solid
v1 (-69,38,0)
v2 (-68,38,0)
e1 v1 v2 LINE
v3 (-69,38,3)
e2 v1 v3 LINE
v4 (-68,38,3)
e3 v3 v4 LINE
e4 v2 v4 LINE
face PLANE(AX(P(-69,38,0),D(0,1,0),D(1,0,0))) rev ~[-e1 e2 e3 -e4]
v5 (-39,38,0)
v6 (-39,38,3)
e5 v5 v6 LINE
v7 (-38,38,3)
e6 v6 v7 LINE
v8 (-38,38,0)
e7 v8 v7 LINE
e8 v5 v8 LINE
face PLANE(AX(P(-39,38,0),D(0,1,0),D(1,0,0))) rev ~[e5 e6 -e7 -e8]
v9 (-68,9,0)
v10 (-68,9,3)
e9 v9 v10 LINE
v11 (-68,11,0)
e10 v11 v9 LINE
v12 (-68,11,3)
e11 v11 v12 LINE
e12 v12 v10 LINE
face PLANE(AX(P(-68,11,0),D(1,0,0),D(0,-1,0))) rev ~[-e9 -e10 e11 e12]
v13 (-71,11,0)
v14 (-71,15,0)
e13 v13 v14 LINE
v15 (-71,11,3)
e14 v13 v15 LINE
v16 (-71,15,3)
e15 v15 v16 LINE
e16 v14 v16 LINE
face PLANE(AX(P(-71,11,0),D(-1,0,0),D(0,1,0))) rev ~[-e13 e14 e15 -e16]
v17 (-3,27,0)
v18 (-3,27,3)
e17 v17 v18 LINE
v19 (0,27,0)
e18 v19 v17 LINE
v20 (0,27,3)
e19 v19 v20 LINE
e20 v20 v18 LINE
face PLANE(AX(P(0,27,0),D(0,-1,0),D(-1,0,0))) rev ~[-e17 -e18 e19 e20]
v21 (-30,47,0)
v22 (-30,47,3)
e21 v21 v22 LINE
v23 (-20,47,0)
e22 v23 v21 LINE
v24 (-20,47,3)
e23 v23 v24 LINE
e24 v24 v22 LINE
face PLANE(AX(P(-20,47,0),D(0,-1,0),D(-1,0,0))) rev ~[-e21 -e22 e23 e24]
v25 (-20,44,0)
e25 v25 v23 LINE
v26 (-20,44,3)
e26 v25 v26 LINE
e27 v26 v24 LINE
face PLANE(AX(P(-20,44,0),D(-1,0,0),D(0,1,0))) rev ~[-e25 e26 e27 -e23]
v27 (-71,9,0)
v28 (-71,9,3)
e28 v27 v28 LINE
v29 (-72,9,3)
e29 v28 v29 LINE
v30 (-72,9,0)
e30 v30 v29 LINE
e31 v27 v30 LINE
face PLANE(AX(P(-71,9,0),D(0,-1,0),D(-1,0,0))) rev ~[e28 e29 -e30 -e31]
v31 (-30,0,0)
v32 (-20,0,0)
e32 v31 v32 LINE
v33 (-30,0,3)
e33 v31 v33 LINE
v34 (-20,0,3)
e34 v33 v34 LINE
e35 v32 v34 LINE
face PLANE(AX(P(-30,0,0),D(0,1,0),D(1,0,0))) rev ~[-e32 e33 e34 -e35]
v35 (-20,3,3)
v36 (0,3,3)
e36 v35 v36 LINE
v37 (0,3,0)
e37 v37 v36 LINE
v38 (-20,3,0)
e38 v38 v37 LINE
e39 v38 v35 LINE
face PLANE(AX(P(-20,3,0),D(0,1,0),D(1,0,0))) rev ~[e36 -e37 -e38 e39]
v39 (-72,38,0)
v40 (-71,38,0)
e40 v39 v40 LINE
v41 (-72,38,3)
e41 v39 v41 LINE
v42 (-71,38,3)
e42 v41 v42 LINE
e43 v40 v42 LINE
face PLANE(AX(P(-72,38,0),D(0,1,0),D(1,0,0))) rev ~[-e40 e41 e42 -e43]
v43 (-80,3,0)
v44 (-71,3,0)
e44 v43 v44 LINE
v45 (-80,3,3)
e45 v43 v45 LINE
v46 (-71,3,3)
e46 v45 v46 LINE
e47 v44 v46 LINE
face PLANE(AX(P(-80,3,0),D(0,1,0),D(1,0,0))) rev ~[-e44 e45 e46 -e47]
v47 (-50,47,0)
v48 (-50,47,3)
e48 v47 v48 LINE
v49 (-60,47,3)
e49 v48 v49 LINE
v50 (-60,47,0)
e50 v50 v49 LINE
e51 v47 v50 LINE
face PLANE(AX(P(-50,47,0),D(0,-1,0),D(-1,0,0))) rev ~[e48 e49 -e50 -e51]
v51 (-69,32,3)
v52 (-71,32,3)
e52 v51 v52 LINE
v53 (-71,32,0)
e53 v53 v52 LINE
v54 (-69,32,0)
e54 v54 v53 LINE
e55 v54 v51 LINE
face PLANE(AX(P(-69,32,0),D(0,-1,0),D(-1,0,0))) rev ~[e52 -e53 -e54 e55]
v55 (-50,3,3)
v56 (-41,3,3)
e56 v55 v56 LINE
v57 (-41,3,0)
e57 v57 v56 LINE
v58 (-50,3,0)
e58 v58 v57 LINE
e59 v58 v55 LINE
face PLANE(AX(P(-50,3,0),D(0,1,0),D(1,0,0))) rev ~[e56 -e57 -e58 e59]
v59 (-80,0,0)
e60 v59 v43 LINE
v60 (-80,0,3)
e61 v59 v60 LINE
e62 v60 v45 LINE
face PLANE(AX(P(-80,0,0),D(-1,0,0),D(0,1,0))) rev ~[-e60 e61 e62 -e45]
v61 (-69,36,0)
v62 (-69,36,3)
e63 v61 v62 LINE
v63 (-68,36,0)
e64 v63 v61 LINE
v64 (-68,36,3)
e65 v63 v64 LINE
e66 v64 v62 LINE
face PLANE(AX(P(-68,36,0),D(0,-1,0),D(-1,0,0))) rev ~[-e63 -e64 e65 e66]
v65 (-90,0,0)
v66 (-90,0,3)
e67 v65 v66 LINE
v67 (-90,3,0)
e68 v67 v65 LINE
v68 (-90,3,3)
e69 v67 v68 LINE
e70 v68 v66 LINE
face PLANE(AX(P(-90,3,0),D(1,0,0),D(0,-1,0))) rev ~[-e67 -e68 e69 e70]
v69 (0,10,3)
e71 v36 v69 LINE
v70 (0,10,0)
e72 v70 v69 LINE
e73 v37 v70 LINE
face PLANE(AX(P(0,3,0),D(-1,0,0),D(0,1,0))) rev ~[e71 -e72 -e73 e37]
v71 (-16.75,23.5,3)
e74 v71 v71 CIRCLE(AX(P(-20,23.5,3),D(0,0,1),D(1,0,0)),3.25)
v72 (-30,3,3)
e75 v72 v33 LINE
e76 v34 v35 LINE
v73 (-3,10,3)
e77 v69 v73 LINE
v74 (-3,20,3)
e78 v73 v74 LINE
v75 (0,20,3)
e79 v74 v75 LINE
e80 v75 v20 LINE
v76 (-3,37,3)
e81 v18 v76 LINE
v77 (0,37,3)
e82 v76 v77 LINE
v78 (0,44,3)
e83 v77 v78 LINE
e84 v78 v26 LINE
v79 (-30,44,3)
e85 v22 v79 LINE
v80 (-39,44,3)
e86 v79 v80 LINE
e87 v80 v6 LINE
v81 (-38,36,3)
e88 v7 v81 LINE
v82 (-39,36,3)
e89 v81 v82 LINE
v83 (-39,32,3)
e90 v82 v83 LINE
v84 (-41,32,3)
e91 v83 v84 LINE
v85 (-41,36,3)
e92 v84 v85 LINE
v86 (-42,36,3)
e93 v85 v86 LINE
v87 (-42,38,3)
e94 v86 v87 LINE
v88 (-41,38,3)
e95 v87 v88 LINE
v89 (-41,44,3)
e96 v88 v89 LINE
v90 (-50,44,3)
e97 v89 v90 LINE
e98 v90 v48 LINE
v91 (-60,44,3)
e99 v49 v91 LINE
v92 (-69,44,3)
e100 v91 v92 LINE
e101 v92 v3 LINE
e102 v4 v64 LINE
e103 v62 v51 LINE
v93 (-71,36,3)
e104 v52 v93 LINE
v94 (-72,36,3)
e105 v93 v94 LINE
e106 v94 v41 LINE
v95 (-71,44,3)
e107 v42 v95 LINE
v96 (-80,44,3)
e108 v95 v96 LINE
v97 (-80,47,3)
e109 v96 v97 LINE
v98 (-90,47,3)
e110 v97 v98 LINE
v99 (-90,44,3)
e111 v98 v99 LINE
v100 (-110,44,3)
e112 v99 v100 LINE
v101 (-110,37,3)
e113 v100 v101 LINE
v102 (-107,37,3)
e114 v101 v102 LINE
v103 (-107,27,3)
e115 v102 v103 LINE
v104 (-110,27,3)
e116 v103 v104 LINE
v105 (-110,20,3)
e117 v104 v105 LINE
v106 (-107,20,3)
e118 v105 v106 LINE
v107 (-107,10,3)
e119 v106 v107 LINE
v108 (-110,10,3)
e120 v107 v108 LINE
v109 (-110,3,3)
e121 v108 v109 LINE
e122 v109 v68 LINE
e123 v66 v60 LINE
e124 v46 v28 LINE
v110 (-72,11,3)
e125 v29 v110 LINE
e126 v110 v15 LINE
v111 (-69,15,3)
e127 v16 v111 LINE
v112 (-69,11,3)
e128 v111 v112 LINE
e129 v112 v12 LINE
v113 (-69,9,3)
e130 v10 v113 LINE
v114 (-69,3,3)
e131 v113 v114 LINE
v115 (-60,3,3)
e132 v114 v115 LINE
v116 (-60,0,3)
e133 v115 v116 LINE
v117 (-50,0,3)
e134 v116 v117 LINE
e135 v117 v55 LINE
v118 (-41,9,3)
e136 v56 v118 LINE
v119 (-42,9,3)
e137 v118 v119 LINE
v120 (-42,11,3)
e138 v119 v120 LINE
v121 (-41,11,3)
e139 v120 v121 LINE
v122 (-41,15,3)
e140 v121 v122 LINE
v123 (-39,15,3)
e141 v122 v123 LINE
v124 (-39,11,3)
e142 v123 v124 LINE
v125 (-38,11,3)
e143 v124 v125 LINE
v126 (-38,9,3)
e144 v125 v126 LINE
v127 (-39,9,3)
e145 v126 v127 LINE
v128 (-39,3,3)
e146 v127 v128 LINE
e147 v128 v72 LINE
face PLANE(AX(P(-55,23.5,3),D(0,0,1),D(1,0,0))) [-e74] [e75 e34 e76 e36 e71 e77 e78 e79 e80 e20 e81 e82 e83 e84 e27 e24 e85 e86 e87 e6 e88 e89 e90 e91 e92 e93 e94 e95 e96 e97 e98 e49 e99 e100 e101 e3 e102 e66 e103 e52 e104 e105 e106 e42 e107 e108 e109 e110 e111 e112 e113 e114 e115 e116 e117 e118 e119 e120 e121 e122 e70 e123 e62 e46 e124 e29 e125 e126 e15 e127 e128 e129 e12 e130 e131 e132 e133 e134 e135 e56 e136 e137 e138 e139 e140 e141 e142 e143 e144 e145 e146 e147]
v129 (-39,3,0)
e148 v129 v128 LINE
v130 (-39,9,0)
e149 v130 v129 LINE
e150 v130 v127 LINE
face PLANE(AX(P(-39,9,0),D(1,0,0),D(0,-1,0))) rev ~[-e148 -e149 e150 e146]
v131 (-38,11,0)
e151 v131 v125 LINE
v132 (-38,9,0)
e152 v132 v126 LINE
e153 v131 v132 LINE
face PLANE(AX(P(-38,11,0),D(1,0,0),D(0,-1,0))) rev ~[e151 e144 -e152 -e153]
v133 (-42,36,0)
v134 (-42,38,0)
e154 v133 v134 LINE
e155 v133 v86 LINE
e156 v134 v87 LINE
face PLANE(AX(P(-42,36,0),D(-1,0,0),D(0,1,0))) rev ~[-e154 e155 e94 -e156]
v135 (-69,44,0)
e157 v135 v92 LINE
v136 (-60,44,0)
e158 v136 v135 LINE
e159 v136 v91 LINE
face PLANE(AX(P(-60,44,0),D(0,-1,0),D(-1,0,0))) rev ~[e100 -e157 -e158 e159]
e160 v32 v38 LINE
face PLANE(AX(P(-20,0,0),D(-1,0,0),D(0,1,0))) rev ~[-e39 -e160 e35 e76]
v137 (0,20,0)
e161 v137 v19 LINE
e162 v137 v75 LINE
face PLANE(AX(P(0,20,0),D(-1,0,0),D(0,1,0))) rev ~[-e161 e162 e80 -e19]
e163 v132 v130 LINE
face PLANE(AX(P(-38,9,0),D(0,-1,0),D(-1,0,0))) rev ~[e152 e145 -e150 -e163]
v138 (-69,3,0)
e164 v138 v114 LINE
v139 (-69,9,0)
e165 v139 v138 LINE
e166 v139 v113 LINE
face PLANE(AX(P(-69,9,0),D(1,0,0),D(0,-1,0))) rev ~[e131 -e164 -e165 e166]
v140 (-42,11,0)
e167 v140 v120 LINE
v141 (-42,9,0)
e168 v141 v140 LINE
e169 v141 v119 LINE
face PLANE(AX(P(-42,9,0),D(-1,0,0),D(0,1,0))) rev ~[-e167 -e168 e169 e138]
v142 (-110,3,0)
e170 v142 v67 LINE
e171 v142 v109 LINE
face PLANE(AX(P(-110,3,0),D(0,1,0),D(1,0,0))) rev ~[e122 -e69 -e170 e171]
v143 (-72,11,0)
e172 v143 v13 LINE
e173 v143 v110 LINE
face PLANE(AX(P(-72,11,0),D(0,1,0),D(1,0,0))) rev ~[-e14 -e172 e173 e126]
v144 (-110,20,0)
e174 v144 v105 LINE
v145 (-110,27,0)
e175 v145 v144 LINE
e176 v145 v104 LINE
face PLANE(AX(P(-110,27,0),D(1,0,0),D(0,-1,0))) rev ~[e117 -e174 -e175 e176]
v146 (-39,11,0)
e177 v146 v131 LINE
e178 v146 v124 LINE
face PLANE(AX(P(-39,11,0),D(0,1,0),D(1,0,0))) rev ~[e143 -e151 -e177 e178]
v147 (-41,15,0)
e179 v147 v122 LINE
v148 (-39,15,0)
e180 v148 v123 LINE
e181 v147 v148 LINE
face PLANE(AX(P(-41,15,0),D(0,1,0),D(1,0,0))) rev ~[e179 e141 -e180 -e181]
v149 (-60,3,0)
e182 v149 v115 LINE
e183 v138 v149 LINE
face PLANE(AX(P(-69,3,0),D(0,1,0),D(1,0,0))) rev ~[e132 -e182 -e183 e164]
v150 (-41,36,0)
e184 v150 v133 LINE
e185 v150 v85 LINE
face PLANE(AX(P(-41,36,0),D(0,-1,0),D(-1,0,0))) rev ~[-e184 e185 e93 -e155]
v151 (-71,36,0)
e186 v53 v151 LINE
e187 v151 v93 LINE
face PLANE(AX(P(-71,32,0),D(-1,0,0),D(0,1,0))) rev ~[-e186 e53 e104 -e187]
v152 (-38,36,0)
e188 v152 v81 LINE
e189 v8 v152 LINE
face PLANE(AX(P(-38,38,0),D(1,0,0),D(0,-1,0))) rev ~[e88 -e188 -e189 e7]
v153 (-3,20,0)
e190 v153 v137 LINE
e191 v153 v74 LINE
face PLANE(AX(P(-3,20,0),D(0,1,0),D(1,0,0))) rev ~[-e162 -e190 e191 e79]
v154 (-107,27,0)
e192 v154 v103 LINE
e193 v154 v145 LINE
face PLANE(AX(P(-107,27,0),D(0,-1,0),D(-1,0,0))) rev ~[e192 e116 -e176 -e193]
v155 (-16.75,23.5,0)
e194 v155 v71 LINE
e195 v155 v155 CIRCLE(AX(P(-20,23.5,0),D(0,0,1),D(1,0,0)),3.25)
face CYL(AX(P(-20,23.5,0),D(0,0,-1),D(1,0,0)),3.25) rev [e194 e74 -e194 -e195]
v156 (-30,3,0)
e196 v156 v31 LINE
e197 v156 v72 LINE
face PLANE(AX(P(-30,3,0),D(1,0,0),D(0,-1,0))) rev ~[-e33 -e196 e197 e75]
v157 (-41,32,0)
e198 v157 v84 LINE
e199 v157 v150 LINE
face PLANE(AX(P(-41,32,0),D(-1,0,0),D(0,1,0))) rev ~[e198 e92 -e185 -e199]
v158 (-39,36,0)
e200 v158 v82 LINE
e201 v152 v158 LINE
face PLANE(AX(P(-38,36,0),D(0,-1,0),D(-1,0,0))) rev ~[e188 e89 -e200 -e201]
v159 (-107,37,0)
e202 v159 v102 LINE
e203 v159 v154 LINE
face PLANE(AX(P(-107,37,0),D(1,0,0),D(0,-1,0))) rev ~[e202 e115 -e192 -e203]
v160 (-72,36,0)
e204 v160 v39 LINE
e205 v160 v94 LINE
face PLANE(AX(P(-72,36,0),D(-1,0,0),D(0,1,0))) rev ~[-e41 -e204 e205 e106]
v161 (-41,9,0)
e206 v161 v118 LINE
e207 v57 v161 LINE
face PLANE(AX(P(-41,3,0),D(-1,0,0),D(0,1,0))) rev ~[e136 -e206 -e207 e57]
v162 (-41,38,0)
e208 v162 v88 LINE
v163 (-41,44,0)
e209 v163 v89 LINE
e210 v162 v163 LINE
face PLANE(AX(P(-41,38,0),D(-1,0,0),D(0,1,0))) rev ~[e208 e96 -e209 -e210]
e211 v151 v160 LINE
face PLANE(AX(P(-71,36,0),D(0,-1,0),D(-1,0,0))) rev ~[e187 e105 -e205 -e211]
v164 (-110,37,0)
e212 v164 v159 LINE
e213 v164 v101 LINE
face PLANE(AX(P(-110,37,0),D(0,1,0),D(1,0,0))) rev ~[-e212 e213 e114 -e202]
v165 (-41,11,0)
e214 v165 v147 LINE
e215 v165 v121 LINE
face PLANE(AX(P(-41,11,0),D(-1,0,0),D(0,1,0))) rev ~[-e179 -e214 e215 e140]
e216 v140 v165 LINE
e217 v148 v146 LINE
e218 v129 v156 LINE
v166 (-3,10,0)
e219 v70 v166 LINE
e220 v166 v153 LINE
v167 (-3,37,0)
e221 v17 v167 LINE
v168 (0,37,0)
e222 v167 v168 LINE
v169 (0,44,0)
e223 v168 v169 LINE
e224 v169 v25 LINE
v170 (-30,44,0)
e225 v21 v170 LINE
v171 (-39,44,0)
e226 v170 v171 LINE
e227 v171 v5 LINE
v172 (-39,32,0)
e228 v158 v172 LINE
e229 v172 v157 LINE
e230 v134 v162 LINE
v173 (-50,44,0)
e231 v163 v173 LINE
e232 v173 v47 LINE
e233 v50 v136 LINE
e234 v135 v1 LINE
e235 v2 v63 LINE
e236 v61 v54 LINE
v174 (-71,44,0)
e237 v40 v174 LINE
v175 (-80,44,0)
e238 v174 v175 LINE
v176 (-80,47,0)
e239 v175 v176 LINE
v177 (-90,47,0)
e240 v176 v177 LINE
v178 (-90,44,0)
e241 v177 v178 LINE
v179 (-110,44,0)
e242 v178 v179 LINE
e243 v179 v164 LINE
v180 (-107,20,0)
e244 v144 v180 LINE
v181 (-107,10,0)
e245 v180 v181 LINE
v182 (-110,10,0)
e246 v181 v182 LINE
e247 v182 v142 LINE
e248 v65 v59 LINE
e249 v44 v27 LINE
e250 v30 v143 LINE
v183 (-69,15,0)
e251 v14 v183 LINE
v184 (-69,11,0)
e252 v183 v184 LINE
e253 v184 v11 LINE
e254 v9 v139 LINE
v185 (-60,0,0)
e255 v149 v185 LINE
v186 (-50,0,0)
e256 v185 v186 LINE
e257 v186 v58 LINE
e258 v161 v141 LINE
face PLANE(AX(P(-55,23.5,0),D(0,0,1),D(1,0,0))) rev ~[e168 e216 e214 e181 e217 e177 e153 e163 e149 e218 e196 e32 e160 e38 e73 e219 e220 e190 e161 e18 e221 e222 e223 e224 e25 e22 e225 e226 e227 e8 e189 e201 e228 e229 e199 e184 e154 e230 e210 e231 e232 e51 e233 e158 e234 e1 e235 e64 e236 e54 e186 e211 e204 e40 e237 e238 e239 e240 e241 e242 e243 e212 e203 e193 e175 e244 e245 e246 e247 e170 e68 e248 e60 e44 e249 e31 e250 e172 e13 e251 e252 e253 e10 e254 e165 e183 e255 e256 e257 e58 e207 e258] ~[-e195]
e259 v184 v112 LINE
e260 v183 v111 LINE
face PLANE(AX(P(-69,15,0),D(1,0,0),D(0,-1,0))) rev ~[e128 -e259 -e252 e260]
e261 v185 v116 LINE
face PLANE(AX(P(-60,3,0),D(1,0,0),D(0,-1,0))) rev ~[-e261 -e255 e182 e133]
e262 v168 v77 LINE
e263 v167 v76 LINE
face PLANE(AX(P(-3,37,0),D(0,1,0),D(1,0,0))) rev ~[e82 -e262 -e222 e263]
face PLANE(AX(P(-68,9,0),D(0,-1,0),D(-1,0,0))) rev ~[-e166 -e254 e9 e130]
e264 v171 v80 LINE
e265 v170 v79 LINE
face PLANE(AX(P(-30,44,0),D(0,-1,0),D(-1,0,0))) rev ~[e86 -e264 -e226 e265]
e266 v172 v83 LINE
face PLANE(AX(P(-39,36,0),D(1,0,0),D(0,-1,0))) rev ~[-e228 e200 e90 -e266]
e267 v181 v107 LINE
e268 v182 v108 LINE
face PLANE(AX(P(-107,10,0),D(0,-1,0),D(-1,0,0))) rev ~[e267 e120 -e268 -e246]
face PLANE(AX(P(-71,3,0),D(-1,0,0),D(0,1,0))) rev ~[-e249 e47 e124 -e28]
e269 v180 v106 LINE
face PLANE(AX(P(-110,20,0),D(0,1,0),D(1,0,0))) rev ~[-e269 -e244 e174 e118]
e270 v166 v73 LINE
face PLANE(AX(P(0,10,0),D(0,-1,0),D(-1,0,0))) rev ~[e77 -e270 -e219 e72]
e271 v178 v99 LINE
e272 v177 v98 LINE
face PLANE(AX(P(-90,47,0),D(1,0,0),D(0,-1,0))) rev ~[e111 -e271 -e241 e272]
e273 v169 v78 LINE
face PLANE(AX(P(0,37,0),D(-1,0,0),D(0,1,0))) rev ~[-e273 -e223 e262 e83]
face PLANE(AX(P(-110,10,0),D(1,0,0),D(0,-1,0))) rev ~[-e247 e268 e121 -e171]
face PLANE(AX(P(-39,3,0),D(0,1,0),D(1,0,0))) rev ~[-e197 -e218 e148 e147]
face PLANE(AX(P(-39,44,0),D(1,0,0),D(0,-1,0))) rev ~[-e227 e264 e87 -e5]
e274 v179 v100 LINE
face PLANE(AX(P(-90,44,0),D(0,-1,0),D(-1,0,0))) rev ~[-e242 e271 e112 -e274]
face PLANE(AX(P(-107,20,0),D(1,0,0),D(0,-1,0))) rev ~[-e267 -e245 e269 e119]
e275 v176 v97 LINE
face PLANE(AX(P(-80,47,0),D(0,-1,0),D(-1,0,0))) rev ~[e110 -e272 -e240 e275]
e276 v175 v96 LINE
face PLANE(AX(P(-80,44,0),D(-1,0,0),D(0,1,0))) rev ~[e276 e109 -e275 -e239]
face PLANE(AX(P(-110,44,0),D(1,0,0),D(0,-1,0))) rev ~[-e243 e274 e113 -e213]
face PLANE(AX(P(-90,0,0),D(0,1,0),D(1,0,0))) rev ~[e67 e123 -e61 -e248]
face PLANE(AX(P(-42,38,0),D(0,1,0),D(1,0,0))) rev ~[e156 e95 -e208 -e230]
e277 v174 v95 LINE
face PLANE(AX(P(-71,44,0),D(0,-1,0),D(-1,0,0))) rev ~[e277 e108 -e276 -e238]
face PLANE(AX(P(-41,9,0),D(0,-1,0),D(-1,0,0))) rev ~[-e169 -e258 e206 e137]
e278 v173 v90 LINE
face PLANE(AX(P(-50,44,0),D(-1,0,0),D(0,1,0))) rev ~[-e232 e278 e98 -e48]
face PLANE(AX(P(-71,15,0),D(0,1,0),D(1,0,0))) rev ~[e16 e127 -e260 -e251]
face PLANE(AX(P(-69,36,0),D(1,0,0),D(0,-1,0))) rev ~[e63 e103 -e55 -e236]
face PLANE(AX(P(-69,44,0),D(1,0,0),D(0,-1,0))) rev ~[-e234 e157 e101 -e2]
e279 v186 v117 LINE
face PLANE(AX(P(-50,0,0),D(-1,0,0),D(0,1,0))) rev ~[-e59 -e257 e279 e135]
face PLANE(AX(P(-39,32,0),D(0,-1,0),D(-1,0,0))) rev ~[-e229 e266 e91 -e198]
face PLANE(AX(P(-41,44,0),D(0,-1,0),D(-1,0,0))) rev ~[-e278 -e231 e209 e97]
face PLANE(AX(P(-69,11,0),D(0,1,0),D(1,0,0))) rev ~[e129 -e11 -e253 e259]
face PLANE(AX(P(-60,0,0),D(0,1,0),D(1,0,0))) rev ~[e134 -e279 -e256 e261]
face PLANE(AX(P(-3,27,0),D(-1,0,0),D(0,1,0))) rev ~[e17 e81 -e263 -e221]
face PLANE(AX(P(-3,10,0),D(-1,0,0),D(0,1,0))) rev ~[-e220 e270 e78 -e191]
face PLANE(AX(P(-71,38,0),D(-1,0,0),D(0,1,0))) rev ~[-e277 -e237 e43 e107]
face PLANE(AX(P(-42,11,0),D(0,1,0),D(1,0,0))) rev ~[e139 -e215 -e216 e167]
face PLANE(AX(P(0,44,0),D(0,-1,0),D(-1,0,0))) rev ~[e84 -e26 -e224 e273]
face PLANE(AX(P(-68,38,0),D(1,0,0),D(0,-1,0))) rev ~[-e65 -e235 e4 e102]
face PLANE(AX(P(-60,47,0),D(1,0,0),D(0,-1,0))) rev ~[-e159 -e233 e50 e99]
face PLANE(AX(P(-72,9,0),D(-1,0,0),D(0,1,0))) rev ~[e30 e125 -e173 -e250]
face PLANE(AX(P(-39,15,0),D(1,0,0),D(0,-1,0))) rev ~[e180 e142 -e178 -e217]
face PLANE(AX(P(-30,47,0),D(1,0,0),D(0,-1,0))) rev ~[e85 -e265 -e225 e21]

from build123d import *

# Parameters (mm, degrees)
F0_R     = 3.25
F1_DEPTH = 3


with BuildPart() as f1:
    # F0 (on Top) → F1 (new body)
    with BuildSketch(Plane.XY):
        Polygon((-90, 44), (-110, 44), (-110, 37), (-107, 37), (-107, 27), (-110, 27), (-110, 20), (-107, 20), (-107, 10), (-110, 10), (-110, 3), (-90, 3), (-90, 0), (-80, 0), (-80, 3), (-71, 3), (-71, 9), (-72, 9), (-72, 11), (-71, 11), (-71, 15), (-69, 15), (-69, 11), (-68, 11), (-68, 9), (-69, 9), (-69, 3), (-60, 3), (-60, 0), (-55, 0), (-50, 0), (-50, 3), (-41, 3), (-41, 9), (-42, 9), (-42, 11), (-41, 11), (-41, 15), (-39, 15), (-39, 11), (-38, 11), (-38, 9), (-39, 9), (-39, 3), (-30, 3), (-30, 0), (-20, 0), (-20, 3), (0, 3), (0, 10), (-3, 10), (-3, 20), (0, 20), (0, 27), (-3, 27), (-3, 37), (0, 37), (0, 44), (-20, 44), (-20, 47), (-30, 47), (-30, 44), (-39, 44), (-39, 38), (-38, 38), (-38, 36), (-39, 36), (-39, 32), (-41, 32), (-41, 36), (-42, 36), (-42, 38), (-41, 38), (-41, 44), (-50, 44), (-50, 47), (-55, 47), (-60, 47), (-60, 44), (-69, 44), (-69, 38), (-68, 38), (-68, 36), (-69, 36), (-69, 32), (-71, 32), (-71, 36), (-72, 36), (-72, 38), (-71, 38), (-71, 44), (-80, 44), (-80, 47), (-90, 47), align=None)
        with Locations((-20, 23.5)):
            Circle(F0_R, mode=Mode.SUBTRACT)
    extrude(amount=F1_DEPTH)


solid = f1.part
